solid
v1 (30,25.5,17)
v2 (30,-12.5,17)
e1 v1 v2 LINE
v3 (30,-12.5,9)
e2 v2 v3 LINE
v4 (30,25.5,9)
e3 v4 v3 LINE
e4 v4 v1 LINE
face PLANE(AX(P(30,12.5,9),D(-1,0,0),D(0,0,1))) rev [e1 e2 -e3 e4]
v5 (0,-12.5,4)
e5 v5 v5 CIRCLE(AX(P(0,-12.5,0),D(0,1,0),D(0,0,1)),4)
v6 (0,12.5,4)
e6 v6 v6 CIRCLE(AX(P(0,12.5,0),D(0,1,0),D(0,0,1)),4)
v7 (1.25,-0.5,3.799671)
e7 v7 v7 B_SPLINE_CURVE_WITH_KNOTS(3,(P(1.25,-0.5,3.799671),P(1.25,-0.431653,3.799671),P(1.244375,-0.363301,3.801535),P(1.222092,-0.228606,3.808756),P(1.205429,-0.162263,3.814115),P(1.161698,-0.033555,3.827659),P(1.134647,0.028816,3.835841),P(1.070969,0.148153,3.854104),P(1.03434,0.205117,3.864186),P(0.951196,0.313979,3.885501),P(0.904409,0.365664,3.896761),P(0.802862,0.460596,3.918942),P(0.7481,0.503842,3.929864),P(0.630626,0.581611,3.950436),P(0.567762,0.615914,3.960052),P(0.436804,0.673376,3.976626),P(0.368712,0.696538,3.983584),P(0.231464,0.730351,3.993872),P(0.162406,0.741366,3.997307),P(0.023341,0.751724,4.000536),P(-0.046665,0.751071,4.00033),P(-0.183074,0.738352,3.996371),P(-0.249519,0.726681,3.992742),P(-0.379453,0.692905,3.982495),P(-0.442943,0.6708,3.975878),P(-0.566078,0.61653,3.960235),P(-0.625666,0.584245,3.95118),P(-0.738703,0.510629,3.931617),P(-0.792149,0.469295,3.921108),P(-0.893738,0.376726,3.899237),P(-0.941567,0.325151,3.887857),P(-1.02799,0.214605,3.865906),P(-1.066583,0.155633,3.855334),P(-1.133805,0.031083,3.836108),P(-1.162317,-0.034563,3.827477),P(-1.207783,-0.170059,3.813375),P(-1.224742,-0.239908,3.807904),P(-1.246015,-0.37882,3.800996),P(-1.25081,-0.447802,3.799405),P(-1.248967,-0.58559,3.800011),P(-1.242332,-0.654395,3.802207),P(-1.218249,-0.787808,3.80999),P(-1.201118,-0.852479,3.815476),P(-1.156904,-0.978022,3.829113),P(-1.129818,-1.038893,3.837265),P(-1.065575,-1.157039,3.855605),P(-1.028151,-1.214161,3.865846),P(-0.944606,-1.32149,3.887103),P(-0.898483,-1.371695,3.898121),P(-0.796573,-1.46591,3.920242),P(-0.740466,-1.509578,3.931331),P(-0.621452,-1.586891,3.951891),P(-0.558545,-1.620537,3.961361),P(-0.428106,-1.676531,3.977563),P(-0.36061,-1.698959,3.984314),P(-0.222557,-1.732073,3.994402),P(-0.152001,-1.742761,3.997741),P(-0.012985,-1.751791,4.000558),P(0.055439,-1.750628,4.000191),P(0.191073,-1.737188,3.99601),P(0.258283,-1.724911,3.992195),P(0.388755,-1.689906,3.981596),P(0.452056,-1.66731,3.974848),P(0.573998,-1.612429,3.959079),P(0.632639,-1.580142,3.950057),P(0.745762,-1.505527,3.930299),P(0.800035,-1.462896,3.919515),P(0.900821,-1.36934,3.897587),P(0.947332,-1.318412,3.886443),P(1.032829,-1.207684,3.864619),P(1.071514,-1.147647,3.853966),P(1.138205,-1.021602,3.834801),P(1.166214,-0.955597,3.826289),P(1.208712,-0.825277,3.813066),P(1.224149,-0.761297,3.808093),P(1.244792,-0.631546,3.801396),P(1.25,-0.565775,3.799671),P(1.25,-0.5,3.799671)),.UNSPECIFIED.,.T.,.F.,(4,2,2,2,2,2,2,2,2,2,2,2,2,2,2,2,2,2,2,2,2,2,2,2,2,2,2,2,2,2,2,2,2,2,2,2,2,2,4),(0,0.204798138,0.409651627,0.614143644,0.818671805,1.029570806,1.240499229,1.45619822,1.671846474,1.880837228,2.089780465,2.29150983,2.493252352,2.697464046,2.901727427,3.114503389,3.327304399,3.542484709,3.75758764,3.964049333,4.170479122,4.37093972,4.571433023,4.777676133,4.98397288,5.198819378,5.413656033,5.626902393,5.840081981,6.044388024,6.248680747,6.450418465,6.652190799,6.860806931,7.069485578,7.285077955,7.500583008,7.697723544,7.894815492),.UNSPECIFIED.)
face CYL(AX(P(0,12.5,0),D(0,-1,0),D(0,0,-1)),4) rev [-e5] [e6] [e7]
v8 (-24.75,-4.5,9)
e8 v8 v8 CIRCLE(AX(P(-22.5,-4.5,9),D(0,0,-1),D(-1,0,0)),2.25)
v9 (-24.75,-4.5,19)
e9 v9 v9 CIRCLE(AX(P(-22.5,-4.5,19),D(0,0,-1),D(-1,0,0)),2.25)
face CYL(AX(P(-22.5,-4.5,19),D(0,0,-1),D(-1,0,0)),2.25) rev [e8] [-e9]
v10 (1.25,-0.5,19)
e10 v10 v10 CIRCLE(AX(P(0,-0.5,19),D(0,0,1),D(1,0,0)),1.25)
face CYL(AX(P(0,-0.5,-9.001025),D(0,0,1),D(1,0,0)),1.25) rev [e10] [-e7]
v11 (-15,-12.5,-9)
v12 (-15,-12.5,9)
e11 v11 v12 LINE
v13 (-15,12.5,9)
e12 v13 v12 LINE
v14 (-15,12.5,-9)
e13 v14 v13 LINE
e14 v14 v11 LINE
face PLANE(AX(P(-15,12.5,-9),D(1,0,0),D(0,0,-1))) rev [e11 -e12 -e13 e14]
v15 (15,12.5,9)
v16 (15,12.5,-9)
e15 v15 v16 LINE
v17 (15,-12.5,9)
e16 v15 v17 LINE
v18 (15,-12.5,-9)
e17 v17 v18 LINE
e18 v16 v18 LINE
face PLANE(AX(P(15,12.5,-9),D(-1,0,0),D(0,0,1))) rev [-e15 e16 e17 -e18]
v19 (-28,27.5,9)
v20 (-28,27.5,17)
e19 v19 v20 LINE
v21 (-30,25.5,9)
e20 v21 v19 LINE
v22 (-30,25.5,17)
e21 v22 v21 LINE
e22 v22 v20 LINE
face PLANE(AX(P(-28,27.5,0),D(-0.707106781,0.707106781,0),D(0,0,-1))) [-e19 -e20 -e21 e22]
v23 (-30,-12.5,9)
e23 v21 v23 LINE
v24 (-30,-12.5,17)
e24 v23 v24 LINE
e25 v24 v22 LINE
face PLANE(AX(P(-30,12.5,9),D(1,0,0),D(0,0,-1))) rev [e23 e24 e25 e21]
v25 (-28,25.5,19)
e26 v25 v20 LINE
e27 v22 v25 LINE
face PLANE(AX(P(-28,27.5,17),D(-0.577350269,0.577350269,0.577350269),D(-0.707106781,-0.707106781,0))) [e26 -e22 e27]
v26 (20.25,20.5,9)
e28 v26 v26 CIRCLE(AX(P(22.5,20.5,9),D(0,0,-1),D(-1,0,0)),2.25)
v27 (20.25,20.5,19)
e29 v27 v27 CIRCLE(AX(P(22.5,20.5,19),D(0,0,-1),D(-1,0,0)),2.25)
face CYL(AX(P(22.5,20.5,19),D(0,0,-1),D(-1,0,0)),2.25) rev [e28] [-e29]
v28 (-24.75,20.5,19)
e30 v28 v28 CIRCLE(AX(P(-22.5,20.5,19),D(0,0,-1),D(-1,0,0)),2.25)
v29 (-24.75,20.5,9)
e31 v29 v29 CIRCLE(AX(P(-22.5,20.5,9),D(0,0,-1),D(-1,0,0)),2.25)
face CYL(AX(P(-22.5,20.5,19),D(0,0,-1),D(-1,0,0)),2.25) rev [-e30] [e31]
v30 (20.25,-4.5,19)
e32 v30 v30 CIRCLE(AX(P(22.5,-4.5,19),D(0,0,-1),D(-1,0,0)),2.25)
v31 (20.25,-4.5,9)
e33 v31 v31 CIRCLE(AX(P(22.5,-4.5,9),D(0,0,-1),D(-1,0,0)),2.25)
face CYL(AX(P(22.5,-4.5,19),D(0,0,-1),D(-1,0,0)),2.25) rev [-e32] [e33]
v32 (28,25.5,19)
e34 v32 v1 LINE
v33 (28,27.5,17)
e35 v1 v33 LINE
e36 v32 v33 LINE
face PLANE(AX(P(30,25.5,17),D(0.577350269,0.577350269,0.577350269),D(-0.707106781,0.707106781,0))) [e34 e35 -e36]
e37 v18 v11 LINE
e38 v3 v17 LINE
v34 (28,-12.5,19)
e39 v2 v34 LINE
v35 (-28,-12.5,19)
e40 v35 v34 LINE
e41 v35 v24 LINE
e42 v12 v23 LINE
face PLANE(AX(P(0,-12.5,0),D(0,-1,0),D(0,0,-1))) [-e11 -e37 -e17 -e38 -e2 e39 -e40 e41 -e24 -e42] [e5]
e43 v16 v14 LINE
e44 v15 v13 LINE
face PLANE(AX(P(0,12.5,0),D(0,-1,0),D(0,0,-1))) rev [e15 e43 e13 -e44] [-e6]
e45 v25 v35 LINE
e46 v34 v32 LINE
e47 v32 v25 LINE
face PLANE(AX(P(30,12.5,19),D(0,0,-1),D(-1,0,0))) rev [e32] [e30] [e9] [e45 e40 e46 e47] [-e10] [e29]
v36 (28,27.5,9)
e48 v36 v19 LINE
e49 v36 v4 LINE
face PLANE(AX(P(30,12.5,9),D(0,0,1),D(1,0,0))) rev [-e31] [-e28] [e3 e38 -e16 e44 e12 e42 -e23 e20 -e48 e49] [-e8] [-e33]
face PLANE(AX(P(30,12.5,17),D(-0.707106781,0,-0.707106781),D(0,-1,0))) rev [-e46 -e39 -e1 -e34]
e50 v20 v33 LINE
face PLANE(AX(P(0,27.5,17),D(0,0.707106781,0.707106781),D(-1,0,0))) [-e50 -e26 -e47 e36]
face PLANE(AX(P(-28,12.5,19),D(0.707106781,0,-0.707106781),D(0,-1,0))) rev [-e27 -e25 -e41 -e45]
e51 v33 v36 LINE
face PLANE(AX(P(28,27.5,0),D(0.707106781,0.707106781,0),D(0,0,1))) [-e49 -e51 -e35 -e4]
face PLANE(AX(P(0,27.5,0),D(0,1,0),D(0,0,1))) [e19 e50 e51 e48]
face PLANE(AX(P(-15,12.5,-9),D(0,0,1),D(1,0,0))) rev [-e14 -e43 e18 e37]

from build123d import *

# Parameters (mm, degrees)
SKETCH1_R               = 4
BOSS_EXTRUDE1_DEPTH     = 12.5
SKETCH2_W               = 60
SKETCH2_H               = 10
BOSS_EXTRUDE2_DEPTH     = 15
CHAMFER1_SIZE           = 2
SKETCH3_R               = 2.25
CUT_EXTRUDE1_DEPTH      = 45.5
CUT_EXTRUDE2_REACH      = 51.399
CUT_EXTRUDE2_END_RADIUS = 4
SKETCH4_R               = 1.25


with BuildPart() as part:
    # Sketch1 → Boss-Extrude1 (new, symmetric)
    with BuildSketch(Plane(origin=(0, 0, 0), x_dir=(1, 0, 0), z_dir=(0, 1, 0))):
        Polygon((-15, -9), (-30, -9), (-30, -19), (30, -19), (30, -9), (15, -9), (15, 9), (-15, 9), align=None)
        with Locations(Location((0, 0, 0), (0, 0, 270))):
            Circle(SKETCH1_R, mode=Mode.SUBTRACT)
    extrude(amount=BOSS_EXTRUDE1_DEPTH, both=True)

    # Sketch2 → Boss-Extrude2 (add)
    with BuildSketch(Plane(origin=(0, 12.5, 0), x_dir=(1, 0, 0), z_dir=(0, 1, 0))):
        with Locations((0, -14)):
            Rectangle(SKETCH2_W, SKETCH2_H)
    extrude(amount=BOSS_EXTRUDE2_DEPTH)

    # Chamfer1
    chamfer1_edges = [part.edges().sort_by_distance(p)[0] for p in [
        (30, 7.5, 19),
        (-30, 7.5, 19),
        (-30, 27.5, 14),
        (0, 27.5, 19),
        (30, 27.5, 14),
    ]]
    chamfer(chamfer1_edges, length=CHAMFER1_SIZE)

    # Sketch3 → Cut-Extrude1 (cut, through all)
    with BuildSketch(Plane(origin=(0, 0, 9), x_dir=(-1, 0, 0), z_dir=(0, 0, -1))):
        with Locations((-22.5, 20.5)):
            Circle(SKETCH3_R)
        with Locations((-22.5, -4.5)):
            Circle(SKETCH3_R)
        with Locations((22.5, 20.5)):
            Circle(SKETCH3_R)
        with Locations((22.5, -4.5)):
            Circle(SKETCH3_R)
    extrude(amount=-CUT_EXTRUDE1_DEPTH, mode=Mode.SUBTRACT)

    # Cut-Extrude2: up to this cylinder (the profile starts outside it)
    cut_extrude2_end = Plane(origin=(0, -0.5, 0), z_dir=(0, -1, 0)) * Cylinder(CUT_EXTRUDE2_END_RADIUS, 111.798, mode=Mode.PRIVATE)
    # Sketch4 → Cut-Extrude2 (cut, up to the surface)
    with BuildSketch(Plane.XY.offset(19), mode=Mode.PRIVATE) as cut_extrude2_sk1:
        with Locations((0, -0.5)):
            Circle(SKETCH4_R)
    cut_extrude2_tool1 = extrude(cut_extrude2_sk1.sketch, amount=-CUT_EXTRUDE2_REACH, mode=Mode.PRIVATE) - cut_extrude2_end
    add(cut_extrude2_tool1.solids().sort_by_distance((0, -0.5, 19))[0], mode=Mode.SUBTRACT)


solid = part.part
